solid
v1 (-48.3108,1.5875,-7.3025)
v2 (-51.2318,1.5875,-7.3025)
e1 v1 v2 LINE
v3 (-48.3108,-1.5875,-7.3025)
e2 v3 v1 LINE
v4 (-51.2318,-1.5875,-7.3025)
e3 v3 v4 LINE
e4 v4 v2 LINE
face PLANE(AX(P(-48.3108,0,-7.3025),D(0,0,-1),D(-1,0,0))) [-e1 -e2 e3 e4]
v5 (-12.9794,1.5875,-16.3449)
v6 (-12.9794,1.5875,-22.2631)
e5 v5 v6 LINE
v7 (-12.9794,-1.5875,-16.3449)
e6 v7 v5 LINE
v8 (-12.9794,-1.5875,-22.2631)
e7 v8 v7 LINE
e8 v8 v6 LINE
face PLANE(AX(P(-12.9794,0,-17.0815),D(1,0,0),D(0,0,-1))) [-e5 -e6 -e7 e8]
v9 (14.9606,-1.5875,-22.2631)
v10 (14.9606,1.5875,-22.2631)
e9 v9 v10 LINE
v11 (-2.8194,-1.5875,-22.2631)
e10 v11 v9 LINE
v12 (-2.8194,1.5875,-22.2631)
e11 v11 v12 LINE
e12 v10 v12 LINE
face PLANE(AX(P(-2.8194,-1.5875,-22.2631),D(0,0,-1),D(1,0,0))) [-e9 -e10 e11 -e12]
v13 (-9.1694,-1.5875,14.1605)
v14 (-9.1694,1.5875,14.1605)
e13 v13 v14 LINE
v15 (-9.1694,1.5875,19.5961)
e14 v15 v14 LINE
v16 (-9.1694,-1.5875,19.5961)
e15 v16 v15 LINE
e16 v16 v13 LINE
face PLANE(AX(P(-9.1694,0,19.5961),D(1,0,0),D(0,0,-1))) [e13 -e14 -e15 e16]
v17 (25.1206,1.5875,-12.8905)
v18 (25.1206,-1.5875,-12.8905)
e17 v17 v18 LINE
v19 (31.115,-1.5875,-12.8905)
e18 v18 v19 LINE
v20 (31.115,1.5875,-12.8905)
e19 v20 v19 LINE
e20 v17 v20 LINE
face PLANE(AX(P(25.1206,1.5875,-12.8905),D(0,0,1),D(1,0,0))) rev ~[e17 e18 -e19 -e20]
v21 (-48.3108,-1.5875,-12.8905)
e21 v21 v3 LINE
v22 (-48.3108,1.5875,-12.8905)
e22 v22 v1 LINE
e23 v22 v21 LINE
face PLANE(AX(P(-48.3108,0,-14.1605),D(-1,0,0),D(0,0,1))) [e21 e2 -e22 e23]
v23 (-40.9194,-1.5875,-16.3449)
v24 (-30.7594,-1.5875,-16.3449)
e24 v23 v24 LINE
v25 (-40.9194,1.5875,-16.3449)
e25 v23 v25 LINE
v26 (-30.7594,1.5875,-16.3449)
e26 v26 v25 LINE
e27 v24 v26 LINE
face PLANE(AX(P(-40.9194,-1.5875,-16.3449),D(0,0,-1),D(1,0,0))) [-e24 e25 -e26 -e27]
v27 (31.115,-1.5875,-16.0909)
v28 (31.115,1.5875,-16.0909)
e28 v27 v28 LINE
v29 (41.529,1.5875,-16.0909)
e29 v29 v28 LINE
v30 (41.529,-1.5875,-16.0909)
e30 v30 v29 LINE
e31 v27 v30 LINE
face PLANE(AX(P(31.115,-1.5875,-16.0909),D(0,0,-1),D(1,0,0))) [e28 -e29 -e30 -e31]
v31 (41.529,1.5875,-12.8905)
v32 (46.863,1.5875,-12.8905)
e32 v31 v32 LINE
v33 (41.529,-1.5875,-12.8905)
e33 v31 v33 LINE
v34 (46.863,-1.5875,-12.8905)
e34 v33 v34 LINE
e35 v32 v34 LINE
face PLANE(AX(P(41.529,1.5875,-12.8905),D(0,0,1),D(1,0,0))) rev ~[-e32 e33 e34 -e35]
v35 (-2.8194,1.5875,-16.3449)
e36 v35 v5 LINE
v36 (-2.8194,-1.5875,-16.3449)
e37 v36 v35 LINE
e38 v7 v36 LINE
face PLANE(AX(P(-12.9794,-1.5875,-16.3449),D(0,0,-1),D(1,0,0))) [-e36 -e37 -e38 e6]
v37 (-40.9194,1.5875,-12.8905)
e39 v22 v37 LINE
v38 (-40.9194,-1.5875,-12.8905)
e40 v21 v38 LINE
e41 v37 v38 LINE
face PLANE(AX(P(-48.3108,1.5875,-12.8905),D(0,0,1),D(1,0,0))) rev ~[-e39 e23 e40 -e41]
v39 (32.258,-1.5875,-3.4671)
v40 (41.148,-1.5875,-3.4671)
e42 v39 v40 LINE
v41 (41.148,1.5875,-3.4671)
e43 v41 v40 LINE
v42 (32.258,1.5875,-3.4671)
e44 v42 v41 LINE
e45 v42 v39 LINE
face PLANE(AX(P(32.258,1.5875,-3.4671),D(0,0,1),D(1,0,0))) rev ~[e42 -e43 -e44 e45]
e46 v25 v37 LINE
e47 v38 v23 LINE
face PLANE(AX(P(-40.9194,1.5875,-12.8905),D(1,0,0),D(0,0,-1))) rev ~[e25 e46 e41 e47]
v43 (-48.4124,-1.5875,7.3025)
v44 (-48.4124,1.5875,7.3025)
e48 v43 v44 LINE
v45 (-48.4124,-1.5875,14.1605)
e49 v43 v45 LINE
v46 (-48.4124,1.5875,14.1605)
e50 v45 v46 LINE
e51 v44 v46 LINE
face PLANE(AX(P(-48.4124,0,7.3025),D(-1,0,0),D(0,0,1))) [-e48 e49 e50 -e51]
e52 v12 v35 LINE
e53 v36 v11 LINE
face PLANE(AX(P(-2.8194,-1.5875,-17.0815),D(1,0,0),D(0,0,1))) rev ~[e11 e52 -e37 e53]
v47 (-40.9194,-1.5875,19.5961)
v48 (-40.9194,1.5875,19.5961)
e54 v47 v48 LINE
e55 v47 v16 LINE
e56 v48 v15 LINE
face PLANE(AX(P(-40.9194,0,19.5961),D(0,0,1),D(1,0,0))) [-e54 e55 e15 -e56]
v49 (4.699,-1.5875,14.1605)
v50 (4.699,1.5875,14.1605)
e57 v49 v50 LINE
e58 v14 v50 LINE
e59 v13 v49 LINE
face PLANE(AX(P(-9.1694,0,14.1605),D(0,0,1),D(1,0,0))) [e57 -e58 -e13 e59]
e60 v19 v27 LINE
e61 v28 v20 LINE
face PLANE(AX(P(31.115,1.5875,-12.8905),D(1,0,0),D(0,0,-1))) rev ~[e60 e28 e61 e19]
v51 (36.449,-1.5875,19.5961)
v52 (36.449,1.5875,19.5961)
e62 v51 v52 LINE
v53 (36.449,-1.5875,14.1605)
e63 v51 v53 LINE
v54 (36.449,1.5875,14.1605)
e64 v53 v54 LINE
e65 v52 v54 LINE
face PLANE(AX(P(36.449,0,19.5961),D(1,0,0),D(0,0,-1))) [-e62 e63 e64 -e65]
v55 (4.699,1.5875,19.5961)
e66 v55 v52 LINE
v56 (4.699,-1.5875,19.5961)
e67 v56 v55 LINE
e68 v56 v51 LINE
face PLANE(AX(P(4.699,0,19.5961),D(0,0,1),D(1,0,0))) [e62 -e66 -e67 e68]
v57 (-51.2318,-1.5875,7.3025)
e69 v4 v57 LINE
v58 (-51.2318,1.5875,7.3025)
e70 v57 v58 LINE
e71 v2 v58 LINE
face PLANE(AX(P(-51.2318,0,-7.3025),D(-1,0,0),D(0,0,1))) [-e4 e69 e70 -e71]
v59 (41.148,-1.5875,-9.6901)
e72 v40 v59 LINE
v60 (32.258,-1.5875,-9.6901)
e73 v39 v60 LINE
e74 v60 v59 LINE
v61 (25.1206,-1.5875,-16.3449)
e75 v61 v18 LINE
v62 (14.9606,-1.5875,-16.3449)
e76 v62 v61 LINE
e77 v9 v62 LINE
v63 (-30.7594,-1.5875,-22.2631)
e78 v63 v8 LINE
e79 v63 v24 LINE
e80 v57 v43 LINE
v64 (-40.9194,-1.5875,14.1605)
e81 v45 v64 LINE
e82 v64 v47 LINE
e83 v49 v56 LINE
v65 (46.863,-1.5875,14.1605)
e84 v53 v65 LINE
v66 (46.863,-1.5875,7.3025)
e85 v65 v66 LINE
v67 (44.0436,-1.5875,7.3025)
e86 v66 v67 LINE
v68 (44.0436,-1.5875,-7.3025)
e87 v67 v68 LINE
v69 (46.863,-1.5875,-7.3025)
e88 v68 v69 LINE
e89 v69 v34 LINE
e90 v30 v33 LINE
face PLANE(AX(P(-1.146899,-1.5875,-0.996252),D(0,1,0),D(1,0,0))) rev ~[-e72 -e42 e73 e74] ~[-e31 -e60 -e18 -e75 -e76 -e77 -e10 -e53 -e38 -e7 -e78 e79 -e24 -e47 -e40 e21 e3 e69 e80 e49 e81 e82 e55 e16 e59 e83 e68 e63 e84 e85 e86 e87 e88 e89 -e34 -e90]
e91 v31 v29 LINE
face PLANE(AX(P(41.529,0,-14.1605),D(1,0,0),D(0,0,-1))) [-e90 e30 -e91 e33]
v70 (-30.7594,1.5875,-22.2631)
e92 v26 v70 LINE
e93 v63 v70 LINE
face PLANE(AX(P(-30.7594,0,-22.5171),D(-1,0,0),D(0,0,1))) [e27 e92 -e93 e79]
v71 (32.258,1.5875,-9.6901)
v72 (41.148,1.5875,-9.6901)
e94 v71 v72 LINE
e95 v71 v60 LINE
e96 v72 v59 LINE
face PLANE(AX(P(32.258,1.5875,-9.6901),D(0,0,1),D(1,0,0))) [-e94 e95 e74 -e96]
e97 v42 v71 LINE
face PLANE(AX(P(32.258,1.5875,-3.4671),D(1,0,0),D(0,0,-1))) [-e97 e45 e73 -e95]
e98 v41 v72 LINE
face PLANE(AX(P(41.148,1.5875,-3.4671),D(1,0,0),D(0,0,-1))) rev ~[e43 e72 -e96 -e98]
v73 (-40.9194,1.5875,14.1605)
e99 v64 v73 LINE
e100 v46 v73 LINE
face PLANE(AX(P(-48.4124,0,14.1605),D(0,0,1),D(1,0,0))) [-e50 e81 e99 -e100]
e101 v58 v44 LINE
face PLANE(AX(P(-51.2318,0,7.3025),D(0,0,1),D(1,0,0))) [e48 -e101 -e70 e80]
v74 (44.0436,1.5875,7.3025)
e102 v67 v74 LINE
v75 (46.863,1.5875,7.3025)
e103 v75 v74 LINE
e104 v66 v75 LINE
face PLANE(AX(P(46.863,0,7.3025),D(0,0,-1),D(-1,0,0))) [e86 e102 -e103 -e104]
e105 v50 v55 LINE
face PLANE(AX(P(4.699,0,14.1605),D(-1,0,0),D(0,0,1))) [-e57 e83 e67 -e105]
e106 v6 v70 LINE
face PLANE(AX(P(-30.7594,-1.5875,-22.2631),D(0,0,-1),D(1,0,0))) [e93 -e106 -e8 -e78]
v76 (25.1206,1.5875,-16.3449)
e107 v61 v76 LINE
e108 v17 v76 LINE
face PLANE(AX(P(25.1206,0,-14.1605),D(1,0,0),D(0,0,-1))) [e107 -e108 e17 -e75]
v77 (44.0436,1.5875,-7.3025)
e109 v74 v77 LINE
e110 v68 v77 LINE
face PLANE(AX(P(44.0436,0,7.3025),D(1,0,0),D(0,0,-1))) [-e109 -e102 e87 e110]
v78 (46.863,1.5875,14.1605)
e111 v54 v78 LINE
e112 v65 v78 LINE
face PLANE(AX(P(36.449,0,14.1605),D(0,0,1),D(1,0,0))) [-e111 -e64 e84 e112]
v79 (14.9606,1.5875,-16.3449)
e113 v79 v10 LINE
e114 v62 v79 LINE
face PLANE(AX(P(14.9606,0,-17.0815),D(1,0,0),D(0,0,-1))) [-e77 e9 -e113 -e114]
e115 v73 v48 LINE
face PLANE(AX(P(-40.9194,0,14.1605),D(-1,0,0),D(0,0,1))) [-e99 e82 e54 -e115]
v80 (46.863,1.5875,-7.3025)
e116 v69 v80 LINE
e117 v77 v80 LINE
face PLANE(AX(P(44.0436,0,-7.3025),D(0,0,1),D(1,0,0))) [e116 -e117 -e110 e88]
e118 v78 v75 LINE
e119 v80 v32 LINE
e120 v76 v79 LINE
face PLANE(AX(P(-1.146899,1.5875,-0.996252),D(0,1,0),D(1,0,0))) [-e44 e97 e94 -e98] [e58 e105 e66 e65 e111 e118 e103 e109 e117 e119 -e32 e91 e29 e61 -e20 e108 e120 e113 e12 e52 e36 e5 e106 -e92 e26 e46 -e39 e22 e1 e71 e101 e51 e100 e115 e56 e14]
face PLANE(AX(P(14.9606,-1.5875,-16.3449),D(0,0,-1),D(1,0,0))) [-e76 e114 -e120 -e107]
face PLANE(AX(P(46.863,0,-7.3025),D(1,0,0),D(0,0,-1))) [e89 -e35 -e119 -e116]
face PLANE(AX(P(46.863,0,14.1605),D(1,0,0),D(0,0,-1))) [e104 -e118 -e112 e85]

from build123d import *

# Parameters (mm, degrees)
BOSS_EXTRUDE2_DEPTH = 1.5875
SKETCH2_W           = 8.89
SKETCH2_H           = 6.223
CUT_EXTRUDE1_DEPTH  = 3.175
SKETCH4_W           = 7.3914
SKETCH4_H           = 1.27
SKETCH4_W_2         = 5.9944
SKETCH4_W_3         = 5.334
CUT_EXTRUDE2_DEPTH  = 57.051741709
SKETCH5_W           = 10.414
SKETCH5_H           = 0.635
SKETCH5_W_2         = 10.16
SKETCH5_H_2         = 0.7366
CUT_EXTRUDE3_DEPTH  = 57.051741709
SKETCH6_W           = 17.78
SKETCH6_H           = 0.254
CUT_EXTRUDE4_DEPTH  = 57.051741709
SKETCH7_W           = 10.414
SKETCH7_H           = 0.254
CUT_EXTRUDE5_DEPTH  = 56.950188363


with BuildPart() as part:
    # Sketch1 → Boss-Extrude2 (new, symmetric)
    with BuildSketch(Plane(origin=(0, 0, 0), x_dir=(1, 0, 0), z_dir=(0, 1, 0))):
        Polygon((-30.7594, 22.5171), (-30.7594, 17.0815), (-40.9194, 17.0815), (-40.9194, 14.1605), (-48.3108, 14.1605), (-48.3108, 7.3025), (-51.2318, 7.3025), (-51.2318, 0), (-51.2318, -7.3025), (-48.4124, -7.3025), (-48.4124, -14.1605), (-40.9194, -14.1605), (-40.9194, -19.5961), (-9.1694, -19.5961), (-9.1694, -14.1605), (4.699, -14.1605), (4.699, -19.5961), (36.449, -19.5961), (36.449, -14.1605), (46.863, -14.1605), (46.863, -7.3025), (44.0436, -7.3025), (44.0436, 0), (44.0436, 7.3025), (46.863, 7.3025), (46.863, 14.1605), (41.529, 14.1605), (41.529, 16.9799), (31.115, 16.9799), (31.115, 14.1605), (25.1206, 14.1605), (25.1206, 17.0815), (14.9606, 17.0815), (14.9606, 22.5171), (-2.8194, 22.5171), (-2.8194, 17.0815), (-12.9794, 17.0815), (-12.9794, 22.5171), align=None)
    extrude(amount=BOSS_EXTRUDE2_DEPTH, both=True)

    # Sketch2 → Cut-Extrude1 (cut)
    with BuildSketch(Plane(origin=(0, 1.5875, 0), x_dir=(1, 0, 0), z_dir=(0, 1, 0))):
        with Locations((36.703, 6.5786)):
            Rectangle(SKETCH2_W, SKETCH2_H)
    extrude(amount=-CUT_EXTRUDE1_DEPTH, mode=Mode.SUBTRACT)

    # Sketch4 → Cut-Extrude2 (cut, through all)
    with BuildSketch(Plane(origin=(0, 1.5875, 0), x_dir=(1, 0, 0), z_dir=(0, 1, 0))):
        with Locations((-44.6151, 13.5255)):
            Rectangle(SKETCH4_W, SKETCH4_H)
        with Locations((28.1178, 13.5255)):
            Rectangle(SKETCH4_W_2, SKETCH4_H)
        with Locations((44.196, 13.5255)):
            Rectangle(SKETCH4_W_3, SKETCH4_H)
    extrude(amount=-CUT_EXTRUDE2_DEPTH, mode=Mode.SUBTRACT)

    # Sketch5 → Cut-Extrude3 (cut, through all)
    with BuildSketch(Plane.XZ.offset(1.5875)):
        with Locations((36.322, -16.6624)):
            Rectangle(SKETCH5_W, SKETCH5_H)
        with Locations((20.0406, -16.7132)):
            Rectangle(SKETCH5_W_2, SKETCH5_H_2)
        with Locations((-7.8994, -16.7132)):
            Rectangle(SKETCH5_W_2, SKETCH5_H_2)
        with Locations((-35.8394, -16.7132)):
            Rectangle(SKETCH5_W_2, SKETCH5_H_2)
    extrude(amount=-CUT_EXTRUDE3_DEPTH, mode=Mode.SUBTRACT)

    # Sketch6 → Cut-Extrude4 (cut, through all)
    with BuildSketch(Plane.XZ.offset(1.5875)):
        with Locations((6.0706, -22.3901)):
            Rectangle(SKETCH6_W, SKETCH6_H)
        with Locations((-21.8694, -22.3901)):
            Rectangle(SKETCH6_W, SKETCH6_H)
    extrude(amount=-CUT_EXTRUDE4_DEPTH, mode=Mode.SUBTRACT)

    # Sketch7 → Cut-Extrude5 (cut, through all)
    with BuildSketch(Plane.XZ.offset(1.5875)):
        with Locations((36.322, -16.2179)):
            Rectangle(SKETCH7_W, SKETCH7_H)
    extrude(amount=-CUT_EXTRUDE5_DEPTH, mode=Mode.SUBTRACT)


solid = part.part
